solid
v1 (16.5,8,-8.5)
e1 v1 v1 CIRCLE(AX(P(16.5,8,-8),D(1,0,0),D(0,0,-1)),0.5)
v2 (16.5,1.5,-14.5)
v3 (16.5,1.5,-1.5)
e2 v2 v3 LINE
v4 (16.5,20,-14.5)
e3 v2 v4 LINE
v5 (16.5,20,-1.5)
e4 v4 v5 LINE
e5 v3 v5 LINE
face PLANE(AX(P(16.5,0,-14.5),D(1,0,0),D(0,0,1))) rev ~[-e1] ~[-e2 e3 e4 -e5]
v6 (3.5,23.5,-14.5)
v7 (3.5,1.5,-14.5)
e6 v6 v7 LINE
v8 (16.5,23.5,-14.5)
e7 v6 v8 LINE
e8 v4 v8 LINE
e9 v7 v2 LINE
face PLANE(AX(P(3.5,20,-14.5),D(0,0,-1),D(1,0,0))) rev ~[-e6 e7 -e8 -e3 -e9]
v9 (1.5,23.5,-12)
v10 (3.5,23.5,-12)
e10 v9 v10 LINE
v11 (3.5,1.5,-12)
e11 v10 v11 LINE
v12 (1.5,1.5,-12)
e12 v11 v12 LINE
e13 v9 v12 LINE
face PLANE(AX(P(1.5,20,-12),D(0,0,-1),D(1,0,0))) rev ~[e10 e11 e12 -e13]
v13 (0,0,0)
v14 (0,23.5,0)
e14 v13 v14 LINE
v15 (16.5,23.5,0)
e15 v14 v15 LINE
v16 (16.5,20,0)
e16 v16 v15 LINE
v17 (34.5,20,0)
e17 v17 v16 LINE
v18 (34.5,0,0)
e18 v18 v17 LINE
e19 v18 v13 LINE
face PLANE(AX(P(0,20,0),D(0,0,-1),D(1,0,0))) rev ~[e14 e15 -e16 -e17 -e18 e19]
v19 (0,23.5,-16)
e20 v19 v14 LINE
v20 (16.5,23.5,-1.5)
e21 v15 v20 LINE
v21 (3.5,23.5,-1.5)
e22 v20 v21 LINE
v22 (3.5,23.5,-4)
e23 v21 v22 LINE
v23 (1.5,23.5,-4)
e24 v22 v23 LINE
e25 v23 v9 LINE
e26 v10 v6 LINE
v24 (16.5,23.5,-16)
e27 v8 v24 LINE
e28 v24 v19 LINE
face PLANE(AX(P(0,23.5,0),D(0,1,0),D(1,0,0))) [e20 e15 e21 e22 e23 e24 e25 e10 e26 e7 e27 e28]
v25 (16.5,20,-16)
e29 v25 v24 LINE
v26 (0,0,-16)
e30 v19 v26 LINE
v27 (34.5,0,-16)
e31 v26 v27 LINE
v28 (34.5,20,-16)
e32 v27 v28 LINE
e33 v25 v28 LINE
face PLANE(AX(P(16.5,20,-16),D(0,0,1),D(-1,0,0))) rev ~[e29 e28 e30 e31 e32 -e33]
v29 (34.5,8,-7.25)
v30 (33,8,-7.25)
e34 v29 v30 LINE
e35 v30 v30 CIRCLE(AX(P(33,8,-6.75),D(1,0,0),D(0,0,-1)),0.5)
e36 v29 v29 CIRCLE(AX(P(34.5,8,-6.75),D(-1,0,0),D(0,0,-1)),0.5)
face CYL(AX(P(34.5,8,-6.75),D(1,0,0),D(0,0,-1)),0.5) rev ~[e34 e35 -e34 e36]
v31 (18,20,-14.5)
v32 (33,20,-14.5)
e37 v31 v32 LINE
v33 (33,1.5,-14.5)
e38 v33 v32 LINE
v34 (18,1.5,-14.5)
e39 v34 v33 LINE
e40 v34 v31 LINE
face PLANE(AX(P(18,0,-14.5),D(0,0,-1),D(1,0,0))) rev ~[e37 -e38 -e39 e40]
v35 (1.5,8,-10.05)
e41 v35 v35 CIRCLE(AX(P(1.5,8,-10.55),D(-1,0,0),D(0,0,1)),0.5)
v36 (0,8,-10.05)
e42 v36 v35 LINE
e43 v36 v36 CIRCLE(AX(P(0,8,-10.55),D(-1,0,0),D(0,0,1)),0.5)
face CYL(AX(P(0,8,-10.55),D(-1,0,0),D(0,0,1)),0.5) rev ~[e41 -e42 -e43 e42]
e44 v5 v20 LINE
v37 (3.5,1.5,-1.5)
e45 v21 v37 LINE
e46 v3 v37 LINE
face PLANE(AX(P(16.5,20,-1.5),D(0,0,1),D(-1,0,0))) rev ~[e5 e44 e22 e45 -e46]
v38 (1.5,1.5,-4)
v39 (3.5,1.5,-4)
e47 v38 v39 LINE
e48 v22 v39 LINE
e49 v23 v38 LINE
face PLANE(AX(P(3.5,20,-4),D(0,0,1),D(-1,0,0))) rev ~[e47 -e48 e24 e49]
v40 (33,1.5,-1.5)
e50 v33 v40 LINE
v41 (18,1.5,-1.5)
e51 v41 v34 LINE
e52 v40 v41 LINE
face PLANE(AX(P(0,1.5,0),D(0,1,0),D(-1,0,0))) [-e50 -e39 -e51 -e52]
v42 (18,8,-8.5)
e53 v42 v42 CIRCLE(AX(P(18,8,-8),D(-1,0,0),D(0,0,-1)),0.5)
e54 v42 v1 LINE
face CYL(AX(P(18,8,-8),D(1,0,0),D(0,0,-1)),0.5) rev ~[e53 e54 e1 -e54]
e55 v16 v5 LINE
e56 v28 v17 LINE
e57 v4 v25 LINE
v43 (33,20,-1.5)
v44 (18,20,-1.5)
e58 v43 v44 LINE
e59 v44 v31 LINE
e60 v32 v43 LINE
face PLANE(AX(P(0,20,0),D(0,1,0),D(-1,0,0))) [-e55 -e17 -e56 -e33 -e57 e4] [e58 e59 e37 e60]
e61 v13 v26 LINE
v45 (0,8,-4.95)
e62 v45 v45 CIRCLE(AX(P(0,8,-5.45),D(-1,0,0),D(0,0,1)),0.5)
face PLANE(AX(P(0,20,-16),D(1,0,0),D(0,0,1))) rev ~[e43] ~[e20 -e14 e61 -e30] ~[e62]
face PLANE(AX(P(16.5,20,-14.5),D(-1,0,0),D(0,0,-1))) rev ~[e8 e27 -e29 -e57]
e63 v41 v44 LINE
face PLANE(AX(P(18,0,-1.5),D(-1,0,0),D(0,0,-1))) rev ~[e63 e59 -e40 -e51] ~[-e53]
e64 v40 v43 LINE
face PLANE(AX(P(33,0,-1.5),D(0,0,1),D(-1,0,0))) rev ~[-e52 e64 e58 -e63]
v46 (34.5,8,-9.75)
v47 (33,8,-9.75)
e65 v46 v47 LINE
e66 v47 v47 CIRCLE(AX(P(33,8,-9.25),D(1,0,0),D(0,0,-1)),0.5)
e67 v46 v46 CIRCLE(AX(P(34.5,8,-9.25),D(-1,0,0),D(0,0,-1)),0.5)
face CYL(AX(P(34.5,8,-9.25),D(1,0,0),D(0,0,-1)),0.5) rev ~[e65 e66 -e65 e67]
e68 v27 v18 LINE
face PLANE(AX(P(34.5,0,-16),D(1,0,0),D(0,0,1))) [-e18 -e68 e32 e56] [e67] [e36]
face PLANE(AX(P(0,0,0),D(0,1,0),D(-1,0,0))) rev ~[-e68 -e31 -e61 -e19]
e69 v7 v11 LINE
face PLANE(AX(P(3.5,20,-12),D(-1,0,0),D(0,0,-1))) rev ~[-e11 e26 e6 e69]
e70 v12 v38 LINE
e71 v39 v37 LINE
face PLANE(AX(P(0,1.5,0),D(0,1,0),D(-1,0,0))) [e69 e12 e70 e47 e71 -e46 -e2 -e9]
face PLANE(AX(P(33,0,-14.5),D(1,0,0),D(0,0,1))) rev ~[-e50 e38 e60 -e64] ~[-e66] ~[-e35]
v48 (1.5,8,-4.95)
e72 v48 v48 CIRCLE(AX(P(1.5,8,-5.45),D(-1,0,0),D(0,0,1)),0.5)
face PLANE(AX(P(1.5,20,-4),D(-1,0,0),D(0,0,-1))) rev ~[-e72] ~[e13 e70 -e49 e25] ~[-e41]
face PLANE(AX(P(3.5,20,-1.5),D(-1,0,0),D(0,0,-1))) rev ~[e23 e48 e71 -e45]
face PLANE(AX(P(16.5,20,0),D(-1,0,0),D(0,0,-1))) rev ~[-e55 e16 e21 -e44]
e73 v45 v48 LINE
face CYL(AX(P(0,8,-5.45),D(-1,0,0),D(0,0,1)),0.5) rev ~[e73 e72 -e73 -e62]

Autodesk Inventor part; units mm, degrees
ref_plane "YZ Plane" through (0, 0, 0) normal (1, 0, 0) x (0, 1, 0)
ref_plane "XZ Plane" through (0, 0, 0) normal (0, 1, 0) x (-1, 0, 0)
ref_plane "XY Plane" through (0, 0, 0) normal (0, 0, 1) x (1, 0, 0)
sketch "Esboço1" plane through (0, 0, 0) normal (0, 1, 0) x (-1, 0, 0)
  line L0 (0, 0) -> (0, -16)
  line L1 (0, -16) -> (-34.5, -16)
  line L2 (-34.5, -16) -> (-34.5, 0)
  line L3 (-34.5, 0) -> (0, 0)
  line L4 (-3.5, -14.5) -> (-16.5, -14.5)
  line L5 (-16.5, -14.5) -> (-16.5, -1.5)
  line L6 (-16.5, -1.5) -> (-3.5, -1.5)
  line L7 (-18, -14.5) -> (-33, -14.5)
  line L8 (-33, -14.5) -> (-33, -1.5)
  line L9 (-33, -1.5) -> (-18, -1.5)
  line L10 (-18, -1.5) -> (-18, -14.5)
  line L11 (-3.5, -14.5) -> (-3.5, -12)
  line L12 (-3.5, -12) -> (-1.5, -12)
  line L13 (-1.5, -12) -> (-1.5, -4)
  line L14 (-1.5, -4) -> (-3.5, -4)
  line L15 (-3.5, -4) -> (-3.5, -1.5)
  point P0 (-34.5, -8)
  dimension "d0" = 13
  dimension "d1" = 13
  dimension "d2" = 15
  dimension "d3" = 13
  dimension "d4" = 8
  dimension "d5" = 2.5
  dimension "d6" = 1.5
  dimension "d7" = 1.5
  dimension "d8" = 2
  dimension "d9" = 1.5
  dimension "d10" = 1.5
  dimension "d11" = 1.5
extrude "Extrusão1" add sketch "Esboço1" along normal blind 1.5 contours L4 L5 L6 L15 L14 L13 L12 L11 | L7 L8 L9 L10
extrude "Extrusão2" add sketch "Esboço1" along normal blind 20
sketch "Esboço2" plane through (0, 0, -16) normal (-1, 0, 0) x (0, 0, 1)
  line L0 (12, 20) -> (4, 20) projected
  line L1 (8, 20) -> (8, 0)
  line L2 (0, 0) -> (0, 20) projected
  circle A0 centre (5.45, 8) radius 0.5
  circle A1 centre (10.55, 8) radius 0.5
  line L3 (0, 0) -> (16, 0) projected
  dimension "d23" = 8
extrude "Extrusão3" cut sketch "Esboço2" against normal blind 10
sketch "Esboço3" plane through (34.5, 0, 0) normal (1, 0, 0) x (0, 0, -1)
  line L0 (0, 20) -> (16, 20) projected
  line L1 (8, 20) -> (8, 0)
  circle A0 centre (6.75, 8) radius 0.5
  circle A1 centre (9.25, 8) radius 0.5
  line L2 (0, 0) -> (16, 0) projected
  line L3 (11, 16) -> (11, 8)
  line L4 (11, 8) -> (5, 8)
  line L5 (5, 8) -> (5, 16)
  circle A2 centre (5, 12) radius 1.5
  circle A3 centre (11, 12) radius 1.5
  dimension "d26" = 1
  dimension "d27" = 1
  dimension "d28" = 8
  dimension "d29" = 8
  dimension "d30" = 1.25
  dimension "d31" = 1.25
  dimension "d78" = 3
  dimension "d79" = 3
  dimension "d80" = 3
  dimension "d81" = 3
extrude "Extrusão4" cut sketch "Esboço3" against normal blind 10 contours L4 A0 | A1 L4 | L4 A1 | A0 L4
sketch "Esboço4" plane through (18, 1.5, -14.5) normal (1, 0, 0) x (0, 0, -1)
  line L0 (-14.5, -1.5) -> (1.5, -1.5) projected
  line L1 (-6.5, -1.5) -> (-6.5, 18.5)
  line L2 (0, 18.5) -> (-13, 18.5) projected
  circle A0 centre (-6.5, 6.5) radius 0.5
  line L3 (0, 0) -> (-13, 0) projected
  dimension "d40" = 1
  dimension "d42" = 6.5
extrude "Extrusão5" cut sketch "Esboço4" against normal blind 10
sketch "Esboço6" plane through (0, 20, 0) normal (0, 1, 0) x (1, 0, 0)
  line L0 (0, 0) -> (34.5, 0) projected
  line L1 (0, 0) -> (16.5, 0)
  line L2 (0, 0) -> (16.5, 0) construction
  line L3 (16.5, 14.5) -> (16.5, 1.5) projected
  line L4 (16.5, 0) -> (16.5, 1.5)
  line L5 (16.5, 1.5) -> (3.5, 1.5) projected
  line L6 (16.5, 1.5) -> (3.5, 1.5)
  line L7 (3.5, 1.5) -> (3.5, 4) projected
  line L8 (3.5, 1.5) -> (3.5, 4)
  line L9 (3.5, 4) -> (1.5, 4) projected
  line L10 (3.5, 4) -> (1.5, 4)
  line L11 (1.5, 4) -> (1.5, 12)
  line L12 (1.5, 12) -> (3.5, 12) projected
  line L13 (1.5, 12) -> (3.5, 12)
  line L14 (3.5, 12) -> (3.5, 14.5) projected
  line L15 (3.5, 12) -> (3.5, 14.5)
  line L16 (3.5, 14.5) -> (16.5, 14.5) projected
  line L17 (3.5, 14.5) -> (16.5, 14.5)
  line L18 (16.5, 14.5) -> (16.5, 16)
  line L19 (34.5, 16) -> (0, 16) projected
  line L20 (0, 16) -> (0, 0) projected
  line L21 (0, 16.0004) -> (0, 0)
  dimension "d66" = 16.5
  dimension "d67" = 0
extrude "Extrusão8" add sketch "Esboço6" along normal blind 3.5 contours L20 L19 L18 L16 L14 L12 L11 L9 L7 L5 L4 L0
properties part number "Base_3DPrint"
